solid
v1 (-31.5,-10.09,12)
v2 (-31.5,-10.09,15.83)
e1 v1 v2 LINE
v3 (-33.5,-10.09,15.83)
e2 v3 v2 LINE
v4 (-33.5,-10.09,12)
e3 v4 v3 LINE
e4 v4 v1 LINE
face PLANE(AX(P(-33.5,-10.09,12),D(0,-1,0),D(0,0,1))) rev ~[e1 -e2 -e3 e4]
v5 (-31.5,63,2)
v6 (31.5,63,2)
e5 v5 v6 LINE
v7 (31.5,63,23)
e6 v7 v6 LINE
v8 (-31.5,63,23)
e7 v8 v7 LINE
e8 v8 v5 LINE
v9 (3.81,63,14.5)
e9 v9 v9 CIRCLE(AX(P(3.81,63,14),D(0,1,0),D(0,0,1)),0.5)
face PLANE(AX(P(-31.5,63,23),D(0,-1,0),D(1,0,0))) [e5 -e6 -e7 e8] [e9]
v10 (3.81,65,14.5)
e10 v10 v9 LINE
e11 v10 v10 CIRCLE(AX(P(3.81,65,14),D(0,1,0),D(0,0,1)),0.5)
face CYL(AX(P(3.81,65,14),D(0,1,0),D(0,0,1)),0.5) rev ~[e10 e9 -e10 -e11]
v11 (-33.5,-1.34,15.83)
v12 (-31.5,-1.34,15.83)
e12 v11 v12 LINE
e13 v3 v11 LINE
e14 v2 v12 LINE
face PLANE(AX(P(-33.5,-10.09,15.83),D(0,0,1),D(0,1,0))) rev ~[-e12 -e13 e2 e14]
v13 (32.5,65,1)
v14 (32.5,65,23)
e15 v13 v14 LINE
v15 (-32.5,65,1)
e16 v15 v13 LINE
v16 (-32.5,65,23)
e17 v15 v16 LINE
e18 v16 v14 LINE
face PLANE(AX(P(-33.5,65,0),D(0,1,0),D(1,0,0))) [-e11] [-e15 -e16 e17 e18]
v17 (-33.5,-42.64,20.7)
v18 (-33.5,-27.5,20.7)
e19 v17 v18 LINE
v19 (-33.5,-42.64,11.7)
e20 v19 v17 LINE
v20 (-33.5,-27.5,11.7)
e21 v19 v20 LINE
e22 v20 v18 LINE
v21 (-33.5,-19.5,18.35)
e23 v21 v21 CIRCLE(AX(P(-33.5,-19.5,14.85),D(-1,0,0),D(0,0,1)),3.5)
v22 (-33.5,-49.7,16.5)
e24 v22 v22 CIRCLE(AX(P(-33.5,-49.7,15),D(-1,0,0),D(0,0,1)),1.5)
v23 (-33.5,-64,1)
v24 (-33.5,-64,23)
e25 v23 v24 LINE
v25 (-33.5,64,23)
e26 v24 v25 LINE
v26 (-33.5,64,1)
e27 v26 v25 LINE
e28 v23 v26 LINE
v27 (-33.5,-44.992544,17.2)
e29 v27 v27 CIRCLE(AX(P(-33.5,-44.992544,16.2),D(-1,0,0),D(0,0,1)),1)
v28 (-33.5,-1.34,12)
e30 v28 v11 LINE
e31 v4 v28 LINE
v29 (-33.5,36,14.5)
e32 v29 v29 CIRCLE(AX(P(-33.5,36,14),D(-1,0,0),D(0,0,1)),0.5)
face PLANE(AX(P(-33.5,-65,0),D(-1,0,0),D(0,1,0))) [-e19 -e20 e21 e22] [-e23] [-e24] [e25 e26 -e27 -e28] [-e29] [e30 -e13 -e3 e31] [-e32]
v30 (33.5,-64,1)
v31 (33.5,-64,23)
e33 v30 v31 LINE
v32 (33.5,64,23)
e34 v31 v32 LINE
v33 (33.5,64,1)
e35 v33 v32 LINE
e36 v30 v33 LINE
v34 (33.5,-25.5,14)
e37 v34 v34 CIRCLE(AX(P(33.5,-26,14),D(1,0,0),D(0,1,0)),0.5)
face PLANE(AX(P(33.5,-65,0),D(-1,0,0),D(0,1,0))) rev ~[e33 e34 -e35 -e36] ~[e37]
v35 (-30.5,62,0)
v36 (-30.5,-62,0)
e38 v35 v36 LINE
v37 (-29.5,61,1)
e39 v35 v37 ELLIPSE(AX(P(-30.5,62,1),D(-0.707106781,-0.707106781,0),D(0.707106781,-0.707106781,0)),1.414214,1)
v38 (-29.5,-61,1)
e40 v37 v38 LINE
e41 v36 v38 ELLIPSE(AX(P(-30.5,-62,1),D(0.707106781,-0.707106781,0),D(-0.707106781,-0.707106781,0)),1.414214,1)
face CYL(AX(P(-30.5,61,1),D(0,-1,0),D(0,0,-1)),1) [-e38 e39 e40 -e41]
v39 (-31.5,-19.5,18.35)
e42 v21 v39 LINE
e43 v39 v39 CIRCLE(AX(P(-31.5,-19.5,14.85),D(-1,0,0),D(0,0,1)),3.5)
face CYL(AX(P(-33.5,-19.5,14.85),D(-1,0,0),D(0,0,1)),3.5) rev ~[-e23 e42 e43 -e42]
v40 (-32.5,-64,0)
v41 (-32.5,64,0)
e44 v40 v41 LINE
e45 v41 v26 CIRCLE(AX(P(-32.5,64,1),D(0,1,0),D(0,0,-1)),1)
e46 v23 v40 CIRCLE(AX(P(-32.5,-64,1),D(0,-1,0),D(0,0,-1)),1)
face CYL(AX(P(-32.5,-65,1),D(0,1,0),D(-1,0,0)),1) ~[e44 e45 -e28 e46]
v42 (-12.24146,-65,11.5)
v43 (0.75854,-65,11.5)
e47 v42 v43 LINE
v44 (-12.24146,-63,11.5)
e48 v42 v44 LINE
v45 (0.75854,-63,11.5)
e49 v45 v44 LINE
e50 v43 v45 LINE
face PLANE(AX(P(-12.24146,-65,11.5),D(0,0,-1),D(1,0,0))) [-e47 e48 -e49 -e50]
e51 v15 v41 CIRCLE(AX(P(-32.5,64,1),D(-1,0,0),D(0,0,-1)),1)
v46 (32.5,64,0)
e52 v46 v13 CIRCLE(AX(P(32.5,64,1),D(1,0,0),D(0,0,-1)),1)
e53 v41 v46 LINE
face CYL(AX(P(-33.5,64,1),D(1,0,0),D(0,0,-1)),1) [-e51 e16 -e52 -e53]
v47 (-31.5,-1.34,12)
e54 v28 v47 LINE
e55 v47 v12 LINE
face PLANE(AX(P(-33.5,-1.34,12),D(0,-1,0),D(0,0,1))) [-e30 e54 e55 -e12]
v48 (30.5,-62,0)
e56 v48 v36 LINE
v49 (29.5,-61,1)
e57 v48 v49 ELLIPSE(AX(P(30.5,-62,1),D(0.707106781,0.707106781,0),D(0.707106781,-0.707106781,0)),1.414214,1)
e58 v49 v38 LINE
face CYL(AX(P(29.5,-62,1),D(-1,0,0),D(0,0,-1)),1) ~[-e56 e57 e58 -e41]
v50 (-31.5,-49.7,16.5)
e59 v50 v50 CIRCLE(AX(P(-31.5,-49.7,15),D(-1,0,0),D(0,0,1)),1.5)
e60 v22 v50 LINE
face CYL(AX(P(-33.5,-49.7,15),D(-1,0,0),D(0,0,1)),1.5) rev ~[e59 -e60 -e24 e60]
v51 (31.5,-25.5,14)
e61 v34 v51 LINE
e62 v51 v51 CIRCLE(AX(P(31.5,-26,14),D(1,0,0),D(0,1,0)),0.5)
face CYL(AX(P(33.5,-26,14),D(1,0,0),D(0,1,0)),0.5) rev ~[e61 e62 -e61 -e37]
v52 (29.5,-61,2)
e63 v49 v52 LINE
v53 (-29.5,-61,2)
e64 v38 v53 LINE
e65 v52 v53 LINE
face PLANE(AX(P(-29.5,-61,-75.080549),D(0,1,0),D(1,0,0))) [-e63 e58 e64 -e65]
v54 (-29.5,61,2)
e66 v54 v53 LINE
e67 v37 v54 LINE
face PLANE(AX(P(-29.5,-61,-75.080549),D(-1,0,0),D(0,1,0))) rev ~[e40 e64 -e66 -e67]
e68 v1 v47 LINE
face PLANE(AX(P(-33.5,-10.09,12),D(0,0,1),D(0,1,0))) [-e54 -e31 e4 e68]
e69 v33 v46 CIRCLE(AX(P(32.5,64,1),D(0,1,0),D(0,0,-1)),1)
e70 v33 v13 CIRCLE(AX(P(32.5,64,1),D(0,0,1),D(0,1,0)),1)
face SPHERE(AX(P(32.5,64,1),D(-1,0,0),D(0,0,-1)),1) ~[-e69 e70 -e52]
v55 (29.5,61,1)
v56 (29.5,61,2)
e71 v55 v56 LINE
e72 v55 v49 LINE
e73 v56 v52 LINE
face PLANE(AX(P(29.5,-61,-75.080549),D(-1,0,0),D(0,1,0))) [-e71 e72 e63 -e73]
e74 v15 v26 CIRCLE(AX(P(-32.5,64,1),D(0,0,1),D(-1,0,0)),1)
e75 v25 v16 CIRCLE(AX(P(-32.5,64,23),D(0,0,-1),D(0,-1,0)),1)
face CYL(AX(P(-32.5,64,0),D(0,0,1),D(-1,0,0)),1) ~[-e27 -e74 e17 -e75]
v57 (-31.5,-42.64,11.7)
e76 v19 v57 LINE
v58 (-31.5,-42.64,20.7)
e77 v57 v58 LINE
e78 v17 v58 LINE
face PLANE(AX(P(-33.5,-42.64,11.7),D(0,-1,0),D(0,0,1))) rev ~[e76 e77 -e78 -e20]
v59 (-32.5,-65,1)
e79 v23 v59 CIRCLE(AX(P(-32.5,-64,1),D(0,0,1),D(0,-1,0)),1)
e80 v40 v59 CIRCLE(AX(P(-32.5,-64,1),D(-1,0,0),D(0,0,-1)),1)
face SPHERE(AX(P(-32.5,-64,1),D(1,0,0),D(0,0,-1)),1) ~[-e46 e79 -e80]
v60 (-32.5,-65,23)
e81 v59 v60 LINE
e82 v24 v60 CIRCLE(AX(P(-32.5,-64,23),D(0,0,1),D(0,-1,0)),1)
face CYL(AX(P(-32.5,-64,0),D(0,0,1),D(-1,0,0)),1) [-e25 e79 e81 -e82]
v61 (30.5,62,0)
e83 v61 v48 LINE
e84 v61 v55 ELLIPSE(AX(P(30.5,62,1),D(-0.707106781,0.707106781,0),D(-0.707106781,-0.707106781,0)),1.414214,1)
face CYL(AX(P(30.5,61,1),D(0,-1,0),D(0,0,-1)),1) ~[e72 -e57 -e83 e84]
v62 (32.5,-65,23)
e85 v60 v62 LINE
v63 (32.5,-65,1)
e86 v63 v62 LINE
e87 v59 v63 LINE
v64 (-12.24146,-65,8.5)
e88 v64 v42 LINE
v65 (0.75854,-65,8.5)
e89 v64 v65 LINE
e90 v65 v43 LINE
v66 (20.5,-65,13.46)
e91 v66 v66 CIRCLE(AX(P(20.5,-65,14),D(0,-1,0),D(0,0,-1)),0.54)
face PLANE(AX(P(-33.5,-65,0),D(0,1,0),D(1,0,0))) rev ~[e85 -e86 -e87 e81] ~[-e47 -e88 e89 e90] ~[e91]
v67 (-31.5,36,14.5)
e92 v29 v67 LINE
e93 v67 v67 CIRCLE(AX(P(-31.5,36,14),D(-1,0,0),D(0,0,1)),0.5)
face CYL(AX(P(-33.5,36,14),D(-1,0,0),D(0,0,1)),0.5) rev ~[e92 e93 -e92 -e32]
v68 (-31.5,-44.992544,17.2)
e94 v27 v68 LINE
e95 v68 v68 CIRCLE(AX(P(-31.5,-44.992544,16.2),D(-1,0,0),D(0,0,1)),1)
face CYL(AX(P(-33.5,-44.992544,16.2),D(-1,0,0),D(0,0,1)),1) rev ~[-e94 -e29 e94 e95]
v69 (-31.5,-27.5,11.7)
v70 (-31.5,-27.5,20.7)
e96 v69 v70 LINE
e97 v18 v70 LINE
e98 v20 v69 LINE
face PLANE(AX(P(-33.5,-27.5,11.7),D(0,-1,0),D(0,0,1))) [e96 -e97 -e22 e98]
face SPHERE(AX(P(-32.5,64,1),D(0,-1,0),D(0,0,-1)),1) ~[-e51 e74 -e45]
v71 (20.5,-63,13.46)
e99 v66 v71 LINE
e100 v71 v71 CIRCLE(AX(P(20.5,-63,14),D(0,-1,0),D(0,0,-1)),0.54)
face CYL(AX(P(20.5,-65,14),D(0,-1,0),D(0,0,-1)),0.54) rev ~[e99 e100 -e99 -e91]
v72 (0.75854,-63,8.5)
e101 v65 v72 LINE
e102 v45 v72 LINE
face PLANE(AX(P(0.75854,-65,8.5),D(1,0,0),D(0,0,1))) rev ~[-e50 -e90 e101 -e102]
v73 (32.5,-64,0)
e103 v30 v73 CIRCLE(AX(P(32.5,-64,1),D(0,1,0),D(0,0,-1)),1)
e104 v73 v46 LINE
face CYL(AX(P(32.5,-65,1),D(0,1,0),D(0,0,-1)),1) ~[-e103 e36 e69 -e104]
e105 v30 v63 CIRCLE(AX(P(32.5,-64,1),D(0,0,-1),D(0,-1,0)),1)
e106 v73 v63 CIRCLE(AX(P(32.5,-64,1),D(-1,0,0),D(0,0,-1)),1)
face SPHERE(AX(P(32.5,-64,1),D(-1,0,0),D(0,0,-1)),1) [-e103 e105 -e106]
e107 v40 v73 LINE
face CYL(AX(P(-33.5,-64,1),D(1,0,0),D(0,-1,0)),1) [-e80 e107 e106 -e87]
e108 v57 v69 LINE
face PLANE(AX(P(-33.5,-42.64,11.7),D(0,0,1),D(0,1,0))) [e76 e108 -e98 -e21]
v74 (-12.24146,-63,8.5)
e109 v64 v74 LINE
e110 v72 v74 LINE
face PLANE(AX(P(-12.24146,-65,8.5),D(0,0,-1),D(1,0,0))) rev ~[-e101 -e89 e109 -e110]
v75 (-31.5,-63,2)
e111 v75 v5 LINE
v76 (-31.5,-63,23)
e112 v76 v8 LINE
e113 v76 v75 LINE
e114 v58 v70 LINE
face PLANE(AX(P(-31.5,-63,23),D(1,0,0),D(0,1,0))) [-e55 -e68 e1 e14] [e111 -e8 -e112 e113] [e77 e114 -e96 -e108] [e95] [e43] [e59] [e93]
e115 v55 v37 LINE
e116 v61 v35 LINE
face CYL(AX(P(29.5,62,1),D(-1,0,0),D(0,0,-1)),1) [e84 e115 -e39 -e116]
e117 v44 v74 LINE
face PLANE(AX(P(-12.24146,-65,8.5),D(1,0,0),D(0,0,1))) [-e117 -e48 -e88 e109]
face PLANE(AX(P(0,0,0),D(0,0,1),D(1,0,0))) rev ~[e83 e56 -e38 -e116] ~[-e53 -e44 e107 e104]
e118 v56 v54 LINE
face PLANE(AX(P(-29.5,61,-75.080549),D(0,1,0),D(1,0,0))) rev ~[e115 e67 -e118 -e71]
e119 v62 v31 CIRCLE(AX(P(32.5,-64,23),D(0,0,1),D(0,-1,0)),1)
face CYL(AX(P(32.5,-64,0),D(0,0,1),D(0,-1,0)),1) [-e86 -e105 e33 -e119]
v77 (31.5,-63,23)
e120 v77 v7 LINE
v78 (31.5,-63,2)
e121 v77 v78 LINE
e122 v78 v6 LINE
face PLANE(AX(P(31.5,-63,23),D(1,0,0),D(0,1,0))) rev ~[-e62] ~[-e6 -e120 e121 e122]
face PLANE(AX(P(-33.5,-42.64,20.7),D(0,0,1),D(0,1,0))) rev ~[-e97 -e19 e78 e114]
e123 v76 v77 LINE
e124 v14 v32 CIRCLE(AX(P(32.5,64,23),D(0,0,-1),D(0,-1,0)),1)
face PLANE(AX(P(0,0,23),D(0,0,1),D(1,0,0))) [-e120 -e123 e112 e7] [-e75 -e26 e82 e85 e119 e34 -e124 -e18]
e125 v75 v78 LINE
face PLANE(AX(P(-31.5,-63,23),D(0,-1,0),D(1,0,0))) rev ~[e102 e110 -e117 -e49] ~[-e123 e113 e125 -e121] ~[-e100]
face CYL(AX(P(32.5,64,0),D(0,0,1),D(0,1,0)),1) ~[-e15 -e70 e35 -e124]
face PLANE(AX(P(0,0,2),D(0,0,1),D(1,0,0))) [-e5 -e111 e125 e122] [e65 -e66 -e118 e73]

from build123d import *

# Parameters (mm, degrees)
SCHIZZO1_W                    = 67
SCHIZZO1_H                    = 130
ESTRUSIONE_ESTRUSIONE1_DEPTH  = 23
SCHIZZO2_W                    = 63
SCHIZZO2_H                    = 126
TAGLIO_ESTRUSIONE1_DEPTH      = 21
TAGLIO_ESTRUSIONE2_DEPTH      = 77.08054942
TAGLIO_ESTRUSIONE2_DEPTH_BACK = 77.08054942
SCHIZZO3_W                    = 59
SCHIZZO3_H                    = 122
TAGLIO_ESTRUSIONE4_REACH      = 98.141
SCHIZZO4_R                    = 1.5
SCHIZZO4_R_2                  = 3.5
SCHIZZO4_R_3                  = 1
SCHIZZO4_W                    = 9
SCHIZZO4_H                    = 15.14
SCHIZZO4_W_2                  = 3.83
SCHIZZO4_H_2                  = 8.75
TAGLIO_ESTRUSIONE5_REACH      = 138.203
SCHIZZO5_W                    = 13
SCHIZZO5_H                    = 3
RACCORDO1_R                   = 1
TAGLIO_ESTRUSIONE6_REACH      = 98.141
SCHIZZO6_R                    = 0.5
SCHIZZO7_R                    = 0.5
TAGLIO_ESTRUSIONE7_DEPTH      = 10
SCHIZZO8_R                    = 0.5
TAGLIO_ESTRUSIONE8_DEPTH      = 10
SCHIZZO9_R                    = 0.54
TAGLIO_ESTRUSIONE9_DEPTH      = 10


with BuildPart() as part:
    # Schizzo1 → Estrusione-Estrusione1 (new body)
    with BuildSketch(Plane.XY):
        Rectangle(SCHIZZO1_W, SCHIZZO1_H)
    extrude(amount=ESTRUSIONE_ESTRUSIONE1_DEPTH)

    # Schizzo2 → Taglio-Estrusione1 (cut)
    with BuildSketch(Plane.XY.offset(23)):
        Rectangle(SCHIZZO2_W, SCHIZZO2_H)
    extrude(amount=-TAGLIO_ESTRUSIONE1_DEPTH, mode=Mode.SUBTRACT)

    # Schizzo3 → Taglio-Estrusione2 (cut, two sides: drawn at the far end of the back side and taken through both)
    with BuildSketch(Plane.XY.offset(2).offset(-TAGLIO_ESTRUSIONE2_DEPTH_BACK)):
        Rectangle(SCHIZZO3_W, SCHIZZO3_H)
    extrude(amount=TAGLIO_ESTRUSIONE2_DEPTH + TAGLIO_ESTRUSIONE2_DEPTH_BACK, mode=Mode.SUBTRACT)

    # Schizzo4 → Taglio-Estrusione4 (cut, up to next)
    with BuildSketch(Plane.ZY.offset(33.5), mode=Mode.PRIVATE) as taglio_estrusione4_sk1:
        with Locations((15, -49.7)):
            Circle(SCHIZZO4_R)
    taglio_estrusione4_tool1 = extrude(taglio_estrusione4_sk1.sketch, amount=-TAGLIO_ESTRUSIONE4_REACH, mode=Mode.PRIVATE) & part.part
    # Schizzo4 → Taglio-Estrusione4 (cut, up to next)
    with BuildSketch(Plane.ZY.offset(33.5), mode=Mode.PRIVATE) as taglio_estrusione4_sk2:
        with Locations((14.85, -19.5)):
            Circle(SCHIZZO4_R_2)
    taglio_estrusione4_tool2 = extrude(taglio_estrusione4_sk2.sketch, amount=-TAGLIO_ESTRUSIONE4_REACH, mode=Mode.PRIVATE) & part.part
    # Schizzo4 → Taglio-Estrusione4 (cut, up to next)
    with BuildSketch(Plane.ZY.offset(33.5), mode=Mode.PRIVATE) as taglio_estrusione4_sk3:
        with Locations((16.2, -44.99254441)):
            Circle(SCHIZZO4_R_3)
    taglio_estrusione4_tool3 = extrude(taglio_estrusione4_sk3.sketch, amount=-TAGLIO_ESTRUSIONE4_REACH, mode=Mode.PRIVATE) & part.part
    # Schizzo4 → Taglio-Estrusione4 (cut, up to next)
    with BuildSketch(Plane.ZY.offset(33.5), mode=Mode.PRIVATE) as taglio_estrusione4_sk4:
        with Locations((16.2, -35.07)):
            Rectangle(SCHIZZO4_W, SCHIZZO4_H)
    taglio_estrusione4_tool4 = extrude(taglio_estrusione4_sk4.sketch, amount=-TAGLIO_ESTRUSIONE4_REACH, mode=Mode.PRIVATE) & part.part
    # Schizzo4 → Taglio-Estrusione4 (cut, up to next)
    with BuildSketch(Plane.ZY.offset(33.5), mode=Mode.PRIVATE) as taglio_estrusione4_sk5:
        with Locations((13.915, -5.715)):
            Rectangle(SCHIZZO4_W_2, SCHIZZO4_H_2)
    taglio_estrusione4_tool5 = extrude(taglio_estrusione4_sk5.sketch, amount=-TAGLIO_ESTRUSIONE4_REACH, mode=Mode.PRIVATE) & part.part
    add(taglio_estrusione4_tool1.solids().sort_by_distance((-33.5, -49.7, 15))[0], mode=Mode.SUBTRACT)
    add(taglio_estrusione4_tool2.solids().sort_by_distance((-33.5, -19.5, 14.85))[0], mode=Mode.SUBTRACT)
    add(taglio_estrusione4_tool3.solids().sort_by_distance((-33.5, -44.992544, 16.2))[0], mode=Mode.SUBTRACT)
    add(taglio_estrusione4_tool4.solids().sort_by_distance((-33.5, -35.07, 16.2))[0], mode=Mode.SUBTRACT)
    add(taglio_estrusione4_tool5.solids().sort_by_distance((-33.5, -5.715, 13.915))[0], mode=Mode.SUBTRACT)

    # Schizzo5 → Taglio-Estrusione5 (cut, up to next)
    with BuildSketch(Plane.XZ.offset(65), mode=Mode.PRIVATE) as taglio_estrusione5_sk1:
        with Locations((-5.741459814, 10)):
            Rectangle(SCHIZZO5_W, SCHIZZO5_H)
    taglio_estrusione5_tool1 = extrude(taglio_estrusione5_sk1.sketch, amount=-TAGLIO_ESTRUSIONE5_REACH, mode=Mode.PRIVATE) & part.part
    add(taglio_estrusione5_tool1.solids().sort_by_distance((-5.74146, -65, 10))[0], mode=Mode.SUBTRACT)

    # Raccordo1
    raccordo1_edges = [part.edges().sort_by_distance(p)[0] for p in [
        (29.5, 0, 0),
        (0, -61, 0),
        (-29.5, 0, 0),
        (0, 61, 0),
        (0, -65, 0),
        (-33.5, 0, 0),
        (0, 65, 0),
        (33.5, 0, 0),
        (33.5, -65, 11.5),
        (-33.5, -65, 11.5),
        (-33.5, 65, 11.5),
        (33.5, 65, 11.5),
    ]]
    fillet(raccordo1_edges, radius=RACCORDO1_R)

    # Schizzo6 → Taglio-Estrusione6 (cut, up to next)
    with BuildSketch(Plane(origin=(33.5, 0, 0), x_dir=(0, 0, -1), z_dir=(1, 0, 0)), mode=Mode.PRIVATE) as taglio_estrusione6_sk1:
        with Locations(Location((-14, -26, 0), (0, 0, 90))):
            Circle(SCHIZZO6_R)
    taglio_estrusione6_tool1 = extrude(taglio_estrusione6_sk1.sketch, amount=-TAGLIO_ESTRUSIONE6_REACH, mode=Mode.PRIVATE) & part.part
    add(taglio_estrusione6_tool1.solids().sort_by_distance((33.5, -26, 14))[0], mode=Mode.SUBTRACT)

    # Schizzo7 → Taglio-Estrusione7 (cut)
    with BuildSketch(Plane(origin=(0, 65, 0), x_dir=(1, 0, 0), z_dir=(0, 1, 0))):
        with Locations(Location((3.81, -14, 0), (0, 0, 270))):
            Circle(SCHIZZO7_R)
    extrude(amount=-TAGLIO_ESTRUSIONE7_DEPTH, mode=Mode.SUBTRACT)

    # Schizzo8 → Taglio-Estrusione8 (cut)
    with BuildSketch(Plane.ZY.offset(33.5)):
        with Locations((14, 36)):
            Circle(SCHIZZO8_R)
    extrude(amount=-TAGLIO_ESTRUSIONE8_DEPTH, mode=Mode.SUBTRACT)

    # Schizzo9 → Taglio-Estrusione9 (cut)
    with BuildSketch(Plane.XZ.offset(65)):
        with Locations(Location((20.5, 14, 0), (0, 0, 270))):
            Circle(SCHIZZO9_R)
    extrude(amount=-TAGLIO_ESTRUSIONE9_DEPTH, mode=Mode.SUBTRACT)


solid = part.part
